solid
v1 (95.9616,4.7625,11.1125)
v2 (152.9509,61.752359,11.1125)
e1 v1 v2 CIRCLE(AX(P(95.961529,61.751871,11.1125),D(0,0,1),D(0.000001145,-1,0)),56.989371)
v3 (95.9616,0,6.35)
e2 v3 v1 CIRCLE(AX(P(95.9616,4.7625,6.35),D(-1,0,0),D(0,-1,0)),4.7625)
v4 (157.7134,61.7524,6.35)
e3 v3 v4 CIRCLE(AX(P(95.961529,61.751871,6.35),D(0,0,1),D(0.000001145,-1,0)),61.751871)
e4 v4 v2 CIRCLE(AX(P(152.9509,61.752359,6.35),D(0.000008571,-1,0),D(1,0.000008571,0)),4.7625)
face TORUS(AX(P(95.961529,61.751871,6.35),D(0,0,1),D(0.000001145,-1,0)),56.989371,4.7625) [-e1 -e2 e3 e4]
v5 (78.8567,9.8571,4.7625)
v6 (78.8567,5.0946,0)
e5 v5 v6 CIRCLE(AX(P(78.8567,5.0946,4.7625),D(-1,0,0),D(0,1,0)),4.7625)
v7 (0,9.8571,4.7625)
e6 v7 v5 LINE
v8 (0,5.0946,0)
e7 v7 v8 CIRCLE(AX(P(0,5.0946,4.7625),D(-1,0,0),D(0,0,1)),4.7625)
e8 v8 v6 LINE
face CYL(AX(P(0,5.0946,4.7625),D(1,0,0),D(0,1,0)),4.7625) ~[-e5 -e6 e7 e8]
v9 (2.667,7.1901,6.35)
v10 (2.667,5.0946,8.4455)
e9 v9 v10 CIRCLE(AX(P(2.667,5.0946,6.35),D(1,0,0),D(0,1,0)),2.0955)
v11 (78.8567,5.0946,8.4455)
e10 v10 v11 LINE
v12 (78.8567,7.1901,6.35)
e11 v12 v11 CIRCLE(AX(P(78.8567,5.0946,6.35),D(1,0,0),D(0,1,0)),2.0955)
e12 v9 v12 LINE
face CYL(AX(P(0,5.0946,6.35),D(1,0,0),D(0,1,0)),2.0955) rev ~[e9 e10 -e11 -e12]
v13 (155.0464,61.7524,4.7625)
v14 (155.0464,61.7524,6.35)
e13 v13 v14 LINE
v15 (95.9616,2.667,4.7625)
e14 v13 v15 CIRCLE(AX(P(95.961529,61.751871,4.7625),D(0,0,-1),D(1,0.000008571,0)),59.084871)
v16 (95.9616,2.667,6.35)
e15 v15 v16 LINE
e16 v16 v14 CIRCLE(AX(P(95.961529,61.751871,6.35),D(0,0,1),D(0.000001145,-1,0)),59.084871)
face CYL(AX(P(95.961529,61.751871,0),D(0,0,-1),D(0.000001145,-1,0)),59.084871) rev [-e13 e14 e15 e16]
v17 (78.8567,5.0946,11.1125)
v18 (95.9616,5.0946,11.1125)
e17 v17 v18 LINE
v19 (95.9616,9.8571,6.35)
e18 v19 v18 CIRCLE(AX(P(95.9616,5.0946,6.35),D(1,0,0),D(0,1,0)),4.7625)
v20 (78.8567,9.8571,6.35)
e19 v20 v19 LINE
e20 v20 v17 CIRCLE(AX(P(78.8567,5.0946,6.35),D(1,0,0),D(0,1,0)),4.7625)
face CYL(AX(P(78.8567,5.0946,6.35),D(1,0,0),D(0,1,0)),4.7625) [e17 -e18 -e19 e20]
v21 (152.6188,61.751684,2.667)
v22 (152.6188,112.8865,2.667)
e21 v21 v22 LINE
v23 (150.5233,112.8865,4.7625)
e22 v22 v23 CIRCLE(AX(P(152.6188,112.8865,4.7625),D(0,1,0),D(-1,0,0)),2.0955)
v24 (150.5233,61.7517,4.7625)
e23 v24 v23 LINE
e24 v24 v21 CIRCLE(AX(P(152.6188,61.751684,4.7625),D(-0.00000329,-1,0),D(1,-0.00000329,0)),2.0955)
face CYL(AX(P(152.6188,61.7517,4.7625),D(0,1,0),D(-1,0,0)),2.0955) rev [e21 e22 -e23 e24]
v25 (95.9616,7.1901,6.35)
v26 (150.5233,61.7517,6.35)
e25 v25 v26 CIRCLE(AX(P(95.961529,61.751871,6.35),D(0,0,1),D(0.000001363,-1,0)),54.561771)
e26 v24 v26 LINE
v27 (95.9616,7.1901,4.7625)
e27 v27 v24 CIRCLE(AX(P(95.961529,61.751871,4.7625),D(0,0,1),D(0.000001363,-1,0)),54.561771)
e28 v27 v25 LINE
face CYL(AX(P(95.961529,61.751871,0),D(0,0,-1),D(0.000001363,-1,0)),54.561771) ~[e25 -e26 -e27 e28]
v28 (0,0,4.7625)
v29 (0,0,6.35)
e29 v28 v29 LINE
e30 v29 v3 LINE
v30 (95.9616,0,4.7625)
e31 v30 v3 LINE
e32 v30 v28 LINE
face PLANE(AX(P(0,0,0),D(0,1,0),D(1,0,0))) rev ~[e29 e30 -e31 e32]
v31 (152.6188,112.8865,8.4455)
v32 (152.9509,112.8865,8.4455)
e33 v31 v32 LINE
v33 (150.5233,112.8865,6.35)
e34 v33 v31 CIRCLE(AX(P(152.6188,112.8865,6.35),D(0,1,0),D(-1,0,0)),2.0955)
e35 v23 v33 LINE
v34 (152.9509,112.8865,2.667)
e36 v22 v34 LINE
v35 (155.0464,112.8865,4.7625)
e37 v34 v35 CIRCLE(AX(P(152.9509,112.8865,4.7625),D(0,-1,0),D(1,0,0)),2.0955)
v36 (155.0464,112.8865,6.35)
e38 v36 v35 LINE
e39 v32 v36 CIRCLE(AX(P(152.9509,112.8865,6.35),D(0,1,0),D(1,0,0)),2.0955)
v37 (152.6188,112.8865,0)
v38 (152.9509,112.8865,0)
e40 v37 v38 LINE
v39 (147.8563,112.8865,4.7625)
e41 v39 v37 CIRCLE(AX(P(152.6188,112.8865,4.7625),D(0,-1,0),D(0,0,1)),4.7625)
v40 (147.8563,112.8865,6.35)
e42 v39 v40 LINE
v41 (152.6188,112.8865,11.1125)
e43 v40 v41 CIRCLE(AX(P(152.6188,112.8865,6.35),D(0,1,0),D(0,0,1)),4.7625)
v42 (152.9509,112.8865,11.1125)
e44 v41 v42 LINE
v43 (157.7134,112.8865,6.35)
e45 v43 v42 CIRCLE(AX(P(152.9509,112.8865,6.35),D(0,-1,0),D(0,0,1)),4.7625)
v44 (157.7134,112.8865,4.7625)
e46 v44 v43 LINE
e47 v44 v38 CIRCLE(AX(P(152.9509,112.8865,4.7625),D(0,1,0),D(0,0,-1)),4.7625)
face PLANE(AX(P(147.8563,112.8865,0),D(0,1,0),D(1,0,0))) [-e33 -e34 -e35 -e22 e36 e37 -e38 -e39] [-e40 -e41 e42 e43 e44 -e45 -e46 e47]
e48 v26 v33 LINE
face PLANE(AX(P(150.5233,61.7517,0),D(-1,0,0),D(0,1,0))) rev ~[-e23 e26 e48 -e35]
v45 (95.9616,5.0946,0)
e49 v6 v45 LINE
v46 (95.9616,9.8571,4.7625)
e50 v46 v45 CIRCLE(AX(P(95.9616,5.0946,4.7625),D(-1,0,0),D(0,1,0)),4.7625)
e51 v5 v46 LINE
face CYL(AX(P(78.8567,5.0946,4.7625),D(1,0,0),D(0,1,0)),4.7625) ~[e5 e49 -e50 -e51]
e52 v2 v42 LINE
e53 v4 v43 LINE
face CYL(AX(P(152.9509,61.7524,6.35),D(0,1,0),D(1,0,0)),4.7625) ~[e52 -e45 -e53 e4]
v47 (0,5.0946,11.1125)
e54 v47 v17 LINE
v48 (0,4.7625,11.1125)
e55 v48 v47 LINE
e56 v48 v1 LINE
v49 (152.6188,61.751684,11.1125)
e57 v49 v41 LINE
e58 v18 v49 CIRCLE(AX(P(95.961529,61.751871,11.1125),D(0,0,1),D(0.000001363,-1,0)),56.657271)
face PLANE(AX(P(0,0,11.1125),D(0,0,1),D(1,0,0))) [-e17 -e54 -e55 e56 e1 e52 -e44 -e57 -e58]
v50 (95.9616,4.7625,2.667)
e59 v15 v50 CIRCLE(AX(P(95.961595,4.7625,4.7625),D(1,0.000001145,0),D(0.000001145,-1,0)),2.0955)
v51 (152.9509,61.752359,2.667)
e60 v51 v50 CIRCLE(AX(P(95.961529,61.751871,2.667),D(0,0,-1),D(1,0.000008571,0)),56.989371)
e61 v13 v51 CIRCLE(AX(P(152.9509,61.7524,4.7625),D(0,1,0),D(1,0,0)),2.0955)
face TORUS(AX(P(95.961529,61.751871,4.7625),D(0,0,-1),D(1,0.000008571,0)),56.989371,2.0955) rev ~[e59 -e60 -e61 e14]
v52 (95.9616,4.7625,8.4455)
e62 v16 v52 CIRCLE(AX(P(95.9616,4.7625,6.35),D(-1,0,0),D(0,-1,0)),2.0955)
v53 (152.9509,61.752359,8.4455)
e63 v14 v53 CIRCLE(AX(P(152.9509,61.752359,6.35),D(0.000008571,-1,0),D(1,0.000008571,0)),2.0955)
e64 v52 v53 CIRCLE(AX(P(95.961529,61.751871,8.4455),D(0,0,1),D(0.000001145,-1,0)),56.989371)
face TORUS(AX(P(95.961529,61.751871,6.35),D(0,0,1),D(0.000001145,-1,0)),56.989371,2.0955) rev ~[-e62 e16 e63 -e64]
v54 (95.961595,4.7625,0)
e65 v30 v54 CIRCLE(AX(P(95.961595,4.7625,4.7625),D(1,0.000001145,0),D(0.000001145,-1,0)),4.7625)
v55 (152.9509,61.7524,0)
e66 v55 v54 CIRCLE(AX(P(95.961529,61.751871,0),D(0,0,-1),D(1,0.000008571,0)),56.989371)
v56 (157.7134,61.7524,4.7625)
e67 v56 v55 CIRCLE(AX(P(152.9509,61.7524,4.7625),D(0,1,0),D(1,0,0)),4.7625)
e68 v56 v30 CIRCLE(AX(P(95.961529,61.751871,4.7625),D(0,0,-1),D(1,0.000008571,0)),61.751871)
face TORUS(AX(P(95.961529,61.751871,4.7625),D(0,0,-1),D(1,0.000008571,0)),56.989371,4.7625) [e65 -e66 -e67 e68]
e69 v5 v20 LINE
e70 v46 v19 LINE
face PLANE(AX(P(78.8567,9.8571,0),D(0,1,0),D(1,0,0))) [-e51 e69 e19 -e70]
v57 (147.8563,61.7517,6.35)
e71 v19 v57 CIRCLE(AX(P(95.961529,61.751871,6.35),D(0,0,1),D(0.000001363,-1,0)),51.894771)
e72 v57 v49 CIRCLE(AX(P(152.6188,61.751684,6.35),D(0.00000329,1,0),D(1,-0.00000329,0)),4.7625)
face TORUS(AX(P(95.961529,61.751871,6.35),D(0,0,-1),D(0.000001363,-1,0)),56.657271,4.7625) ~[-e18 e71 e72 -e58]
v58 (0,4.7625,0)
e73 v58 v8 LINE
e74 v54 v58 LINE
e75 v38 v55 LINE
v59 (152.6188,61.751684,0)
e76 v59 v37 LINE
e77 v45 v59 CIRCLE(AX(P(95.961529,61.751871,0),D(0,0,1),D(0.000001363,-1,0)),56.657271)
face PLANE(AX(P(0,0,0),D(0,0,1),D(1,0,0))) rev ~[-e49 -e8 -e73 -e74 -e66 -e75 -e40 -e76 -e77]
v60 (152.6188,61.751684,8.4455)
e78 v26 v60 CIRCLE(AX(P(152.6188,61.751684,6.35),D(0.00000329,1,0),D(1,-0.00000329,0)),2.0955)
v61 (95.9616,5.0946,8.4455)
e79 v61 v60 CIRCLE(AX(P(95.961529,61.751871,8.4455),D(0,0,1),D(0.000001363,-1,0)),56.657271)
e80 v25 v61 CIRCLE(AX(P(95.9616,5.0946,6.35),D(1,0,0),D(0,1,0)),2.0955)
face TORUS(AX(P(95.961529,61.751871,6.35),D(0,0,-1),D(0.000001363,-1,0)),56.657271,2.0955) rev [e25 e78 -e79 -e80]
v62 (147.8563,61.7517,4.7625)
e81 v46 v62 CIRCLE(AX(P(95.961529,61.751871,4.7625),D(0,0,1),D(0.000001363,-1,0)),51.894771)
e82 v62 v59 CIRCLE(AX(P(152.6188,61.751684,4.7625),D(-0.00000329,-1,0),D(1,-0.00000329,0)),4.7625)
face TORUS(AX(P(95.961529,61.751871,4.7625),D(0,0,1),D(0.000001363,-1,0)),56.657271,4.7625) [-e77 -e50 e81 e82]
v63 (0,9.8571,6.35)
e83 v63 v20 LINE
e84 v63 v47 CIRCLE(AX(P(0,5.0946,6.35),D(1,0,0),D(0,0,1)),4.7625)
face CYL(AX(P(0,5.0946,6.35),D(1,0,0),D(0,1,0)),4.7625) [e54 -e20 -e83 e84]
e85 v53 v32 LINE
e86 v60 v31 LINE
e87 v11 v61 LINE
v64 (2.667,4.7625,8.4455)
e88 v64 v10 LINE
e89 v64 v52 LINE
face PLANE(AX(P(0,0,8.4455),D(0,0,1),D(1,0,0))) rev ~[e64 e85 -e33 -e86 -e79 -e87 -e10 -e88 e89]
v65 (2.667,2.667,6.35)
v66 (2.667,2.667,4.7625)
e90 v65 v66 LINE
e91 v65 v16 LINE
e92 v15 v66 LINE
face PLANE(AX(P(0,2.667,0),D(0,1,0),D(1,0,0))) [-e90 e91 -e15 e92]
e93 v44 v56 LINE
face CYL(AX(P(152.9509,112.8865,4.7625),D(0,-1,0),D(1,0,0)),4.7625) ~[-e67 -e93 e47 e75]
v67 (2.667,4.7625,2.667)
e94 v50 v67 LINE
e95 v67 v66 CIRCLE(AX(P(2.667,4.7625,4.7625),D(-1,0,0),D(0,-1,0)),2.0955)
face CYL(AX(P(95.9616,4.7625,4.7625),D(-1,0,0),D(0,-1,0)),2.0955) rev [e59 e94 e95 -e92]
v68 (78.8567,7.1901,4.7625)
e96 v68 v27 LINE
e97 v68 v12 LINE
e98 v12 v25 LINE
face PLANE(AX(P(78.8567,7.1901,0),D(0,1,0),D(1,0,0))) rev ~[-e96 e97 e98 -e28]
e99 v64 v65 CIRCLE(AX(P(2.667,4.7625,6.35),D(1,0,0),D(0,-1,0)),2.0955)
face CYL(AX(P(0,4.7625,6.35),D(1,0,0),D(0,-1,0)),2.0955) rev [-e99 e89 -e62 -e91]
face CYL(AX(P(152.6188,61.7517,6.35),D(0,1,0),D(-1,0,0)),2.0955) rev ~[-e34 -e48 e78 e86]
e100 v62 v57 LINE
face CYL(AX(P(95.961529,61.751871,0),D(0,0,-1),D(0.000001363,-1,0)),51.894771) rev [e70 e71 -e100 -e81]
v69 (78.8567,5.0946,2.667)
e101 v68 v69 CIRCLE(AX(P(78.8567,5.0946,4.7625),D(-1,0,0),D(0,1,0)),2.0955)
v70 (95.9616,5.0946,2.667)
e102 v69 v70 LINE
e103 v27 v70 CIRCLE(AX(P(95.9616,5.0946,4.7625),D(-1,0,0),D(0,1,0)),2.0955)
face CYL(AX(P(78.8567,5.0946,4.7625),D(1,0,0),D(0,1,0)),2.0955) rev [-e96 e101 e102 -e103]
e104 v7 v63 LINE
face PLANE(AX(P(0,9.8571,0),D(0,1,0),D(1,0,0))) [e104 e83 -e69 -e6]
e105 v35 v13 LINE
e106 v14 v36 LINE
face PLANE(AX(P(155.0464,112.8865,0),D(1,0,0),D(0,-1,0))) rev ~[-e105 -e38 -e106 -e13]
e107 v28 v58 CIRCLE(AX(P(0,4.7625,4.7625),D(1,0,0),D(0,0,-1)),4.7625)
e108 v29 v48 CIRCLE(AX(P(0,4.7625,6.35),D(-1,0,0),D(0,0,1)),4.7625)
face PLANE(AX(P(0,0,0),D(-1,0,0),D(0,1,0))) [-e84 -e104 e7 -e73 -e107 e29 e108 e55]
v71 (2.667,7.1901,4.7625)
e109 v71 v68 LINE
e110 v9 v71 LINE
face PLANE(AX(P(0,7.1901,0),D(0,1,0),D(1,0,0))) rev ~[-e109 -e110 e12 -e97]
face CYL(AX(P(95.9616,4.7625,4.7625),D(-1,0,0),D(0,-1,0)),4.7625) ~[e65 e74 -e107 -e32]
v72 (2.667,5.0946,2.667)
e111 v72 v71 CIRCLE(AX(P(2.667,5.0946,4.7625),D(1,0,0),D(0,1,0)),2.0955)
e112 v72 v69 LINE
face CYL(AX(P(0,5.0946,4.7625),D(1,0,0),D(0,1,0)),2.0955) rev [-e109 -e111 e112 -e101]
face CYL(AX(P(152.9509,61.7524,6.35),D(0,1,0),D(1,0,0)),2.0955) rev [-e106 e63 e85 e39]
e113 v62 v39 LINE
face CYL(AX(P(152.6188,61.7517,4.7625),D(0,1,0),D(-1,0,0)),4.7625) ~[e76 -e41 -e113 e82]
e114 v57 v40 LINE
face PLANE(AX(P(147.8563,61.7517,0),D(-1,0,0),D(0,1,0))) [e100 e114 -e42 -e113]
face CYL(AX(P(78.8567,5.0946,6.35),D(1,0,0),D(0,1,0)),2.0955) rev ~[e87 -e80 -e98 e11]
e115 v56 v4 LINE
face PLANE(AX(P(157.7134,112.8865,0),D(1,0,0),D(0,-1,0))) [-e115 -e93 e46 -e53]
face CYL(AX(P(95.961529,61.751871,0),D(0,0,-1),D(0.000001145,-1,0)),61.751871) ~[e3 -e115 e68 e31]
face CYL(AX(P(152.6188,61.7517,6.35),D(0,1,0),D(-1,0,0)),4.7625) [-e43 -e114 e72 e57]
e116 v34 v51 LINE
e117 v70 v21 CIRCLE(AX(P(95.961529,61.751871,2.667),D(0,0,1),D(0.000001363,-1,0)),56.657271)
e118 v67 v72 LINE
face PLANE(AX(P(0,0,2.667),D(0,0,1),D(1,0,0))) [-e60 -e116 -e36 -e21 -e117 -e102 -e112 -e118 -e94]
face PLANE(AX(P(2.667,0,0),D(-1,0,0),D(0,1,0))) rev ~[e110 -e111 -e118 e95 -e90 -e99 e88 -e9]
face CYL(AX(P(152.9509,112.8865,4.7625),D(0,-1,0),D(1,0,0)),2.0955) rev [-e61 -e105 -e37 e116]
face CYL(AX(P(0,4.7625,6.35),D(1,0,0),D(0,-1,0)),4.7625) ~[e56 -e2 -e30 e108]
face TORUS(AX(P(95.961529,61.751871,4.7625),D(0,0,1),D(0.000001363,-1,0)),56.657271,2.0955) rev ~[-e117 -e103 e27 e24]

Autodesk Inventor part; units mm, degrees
ref_plane "YZ Plane" through (0, 0, 0) normal (1, 0, 0) x (0, 1, 0)
ref_plane "XZ Plane" through (0, 0, 0) normal (0, 1, 0) x (-1, 0, 0)
ref_plane "XY Plane" through (0, 0, 0) normal (0, 0, 1) x (1, 0, 0)
sketch "Sketch1" plane through (0, 0, 0) normal (0, 0, 1) x (1, 0, 0)
  line L0 (0, 0) -> (95.9616, 0)
  line L1 (0, 0) -> (0, 9.8571)
  line L2 (0, 9.8571) -> (78.8567, 9.8571)
  arc A0 (95.9616, 0) -> (157.7134, 61.7524) centre (95.9616, 61.7517) ccw
  line L3 (78.8567, 9.8571) -> (95.9616, 9.8571)
  arc A1 (95.9616, 9.8571) -> (147.8563, 61.7517) centre (95.9616, 61.7517) ccw
  line L4 (147.8563, 61.7517) -> (147.8563, 112.8865)
  line L5 (147.8563, 112.8865) -> (157.7134, 112.8865)
  line L6 (157.7134, 112.8865) -> (157.7134, 61.7524)
extrude "Extrusion1" add sketch "Sketch1" along normal blind 11.1125
fillet "Fillet1" radius 4.7625 12 edges at (132.6567, 25.0567, 0) (147.8563, 87.3191, 0) (39.4283, 9.8571, 0) (132.6567, 25.0567, 11.1125) (147.8563, 87.3191, 11.1125) (39.4283, 9.8571, 11.1125) (139.6269, 18.0869, 11.1125) (157.7134, 87.3194, 11.1125) (47.9808, 0, 11.1125) (157.7134, 87.3194, 0) (47.9808, 0, 0) (139.6269, 18.0869, 0)
shell "Shell1" thickness 2.667 removed faces 1 at (152.8402, 112.8865, 3.175)
properties part number "pipe2"
